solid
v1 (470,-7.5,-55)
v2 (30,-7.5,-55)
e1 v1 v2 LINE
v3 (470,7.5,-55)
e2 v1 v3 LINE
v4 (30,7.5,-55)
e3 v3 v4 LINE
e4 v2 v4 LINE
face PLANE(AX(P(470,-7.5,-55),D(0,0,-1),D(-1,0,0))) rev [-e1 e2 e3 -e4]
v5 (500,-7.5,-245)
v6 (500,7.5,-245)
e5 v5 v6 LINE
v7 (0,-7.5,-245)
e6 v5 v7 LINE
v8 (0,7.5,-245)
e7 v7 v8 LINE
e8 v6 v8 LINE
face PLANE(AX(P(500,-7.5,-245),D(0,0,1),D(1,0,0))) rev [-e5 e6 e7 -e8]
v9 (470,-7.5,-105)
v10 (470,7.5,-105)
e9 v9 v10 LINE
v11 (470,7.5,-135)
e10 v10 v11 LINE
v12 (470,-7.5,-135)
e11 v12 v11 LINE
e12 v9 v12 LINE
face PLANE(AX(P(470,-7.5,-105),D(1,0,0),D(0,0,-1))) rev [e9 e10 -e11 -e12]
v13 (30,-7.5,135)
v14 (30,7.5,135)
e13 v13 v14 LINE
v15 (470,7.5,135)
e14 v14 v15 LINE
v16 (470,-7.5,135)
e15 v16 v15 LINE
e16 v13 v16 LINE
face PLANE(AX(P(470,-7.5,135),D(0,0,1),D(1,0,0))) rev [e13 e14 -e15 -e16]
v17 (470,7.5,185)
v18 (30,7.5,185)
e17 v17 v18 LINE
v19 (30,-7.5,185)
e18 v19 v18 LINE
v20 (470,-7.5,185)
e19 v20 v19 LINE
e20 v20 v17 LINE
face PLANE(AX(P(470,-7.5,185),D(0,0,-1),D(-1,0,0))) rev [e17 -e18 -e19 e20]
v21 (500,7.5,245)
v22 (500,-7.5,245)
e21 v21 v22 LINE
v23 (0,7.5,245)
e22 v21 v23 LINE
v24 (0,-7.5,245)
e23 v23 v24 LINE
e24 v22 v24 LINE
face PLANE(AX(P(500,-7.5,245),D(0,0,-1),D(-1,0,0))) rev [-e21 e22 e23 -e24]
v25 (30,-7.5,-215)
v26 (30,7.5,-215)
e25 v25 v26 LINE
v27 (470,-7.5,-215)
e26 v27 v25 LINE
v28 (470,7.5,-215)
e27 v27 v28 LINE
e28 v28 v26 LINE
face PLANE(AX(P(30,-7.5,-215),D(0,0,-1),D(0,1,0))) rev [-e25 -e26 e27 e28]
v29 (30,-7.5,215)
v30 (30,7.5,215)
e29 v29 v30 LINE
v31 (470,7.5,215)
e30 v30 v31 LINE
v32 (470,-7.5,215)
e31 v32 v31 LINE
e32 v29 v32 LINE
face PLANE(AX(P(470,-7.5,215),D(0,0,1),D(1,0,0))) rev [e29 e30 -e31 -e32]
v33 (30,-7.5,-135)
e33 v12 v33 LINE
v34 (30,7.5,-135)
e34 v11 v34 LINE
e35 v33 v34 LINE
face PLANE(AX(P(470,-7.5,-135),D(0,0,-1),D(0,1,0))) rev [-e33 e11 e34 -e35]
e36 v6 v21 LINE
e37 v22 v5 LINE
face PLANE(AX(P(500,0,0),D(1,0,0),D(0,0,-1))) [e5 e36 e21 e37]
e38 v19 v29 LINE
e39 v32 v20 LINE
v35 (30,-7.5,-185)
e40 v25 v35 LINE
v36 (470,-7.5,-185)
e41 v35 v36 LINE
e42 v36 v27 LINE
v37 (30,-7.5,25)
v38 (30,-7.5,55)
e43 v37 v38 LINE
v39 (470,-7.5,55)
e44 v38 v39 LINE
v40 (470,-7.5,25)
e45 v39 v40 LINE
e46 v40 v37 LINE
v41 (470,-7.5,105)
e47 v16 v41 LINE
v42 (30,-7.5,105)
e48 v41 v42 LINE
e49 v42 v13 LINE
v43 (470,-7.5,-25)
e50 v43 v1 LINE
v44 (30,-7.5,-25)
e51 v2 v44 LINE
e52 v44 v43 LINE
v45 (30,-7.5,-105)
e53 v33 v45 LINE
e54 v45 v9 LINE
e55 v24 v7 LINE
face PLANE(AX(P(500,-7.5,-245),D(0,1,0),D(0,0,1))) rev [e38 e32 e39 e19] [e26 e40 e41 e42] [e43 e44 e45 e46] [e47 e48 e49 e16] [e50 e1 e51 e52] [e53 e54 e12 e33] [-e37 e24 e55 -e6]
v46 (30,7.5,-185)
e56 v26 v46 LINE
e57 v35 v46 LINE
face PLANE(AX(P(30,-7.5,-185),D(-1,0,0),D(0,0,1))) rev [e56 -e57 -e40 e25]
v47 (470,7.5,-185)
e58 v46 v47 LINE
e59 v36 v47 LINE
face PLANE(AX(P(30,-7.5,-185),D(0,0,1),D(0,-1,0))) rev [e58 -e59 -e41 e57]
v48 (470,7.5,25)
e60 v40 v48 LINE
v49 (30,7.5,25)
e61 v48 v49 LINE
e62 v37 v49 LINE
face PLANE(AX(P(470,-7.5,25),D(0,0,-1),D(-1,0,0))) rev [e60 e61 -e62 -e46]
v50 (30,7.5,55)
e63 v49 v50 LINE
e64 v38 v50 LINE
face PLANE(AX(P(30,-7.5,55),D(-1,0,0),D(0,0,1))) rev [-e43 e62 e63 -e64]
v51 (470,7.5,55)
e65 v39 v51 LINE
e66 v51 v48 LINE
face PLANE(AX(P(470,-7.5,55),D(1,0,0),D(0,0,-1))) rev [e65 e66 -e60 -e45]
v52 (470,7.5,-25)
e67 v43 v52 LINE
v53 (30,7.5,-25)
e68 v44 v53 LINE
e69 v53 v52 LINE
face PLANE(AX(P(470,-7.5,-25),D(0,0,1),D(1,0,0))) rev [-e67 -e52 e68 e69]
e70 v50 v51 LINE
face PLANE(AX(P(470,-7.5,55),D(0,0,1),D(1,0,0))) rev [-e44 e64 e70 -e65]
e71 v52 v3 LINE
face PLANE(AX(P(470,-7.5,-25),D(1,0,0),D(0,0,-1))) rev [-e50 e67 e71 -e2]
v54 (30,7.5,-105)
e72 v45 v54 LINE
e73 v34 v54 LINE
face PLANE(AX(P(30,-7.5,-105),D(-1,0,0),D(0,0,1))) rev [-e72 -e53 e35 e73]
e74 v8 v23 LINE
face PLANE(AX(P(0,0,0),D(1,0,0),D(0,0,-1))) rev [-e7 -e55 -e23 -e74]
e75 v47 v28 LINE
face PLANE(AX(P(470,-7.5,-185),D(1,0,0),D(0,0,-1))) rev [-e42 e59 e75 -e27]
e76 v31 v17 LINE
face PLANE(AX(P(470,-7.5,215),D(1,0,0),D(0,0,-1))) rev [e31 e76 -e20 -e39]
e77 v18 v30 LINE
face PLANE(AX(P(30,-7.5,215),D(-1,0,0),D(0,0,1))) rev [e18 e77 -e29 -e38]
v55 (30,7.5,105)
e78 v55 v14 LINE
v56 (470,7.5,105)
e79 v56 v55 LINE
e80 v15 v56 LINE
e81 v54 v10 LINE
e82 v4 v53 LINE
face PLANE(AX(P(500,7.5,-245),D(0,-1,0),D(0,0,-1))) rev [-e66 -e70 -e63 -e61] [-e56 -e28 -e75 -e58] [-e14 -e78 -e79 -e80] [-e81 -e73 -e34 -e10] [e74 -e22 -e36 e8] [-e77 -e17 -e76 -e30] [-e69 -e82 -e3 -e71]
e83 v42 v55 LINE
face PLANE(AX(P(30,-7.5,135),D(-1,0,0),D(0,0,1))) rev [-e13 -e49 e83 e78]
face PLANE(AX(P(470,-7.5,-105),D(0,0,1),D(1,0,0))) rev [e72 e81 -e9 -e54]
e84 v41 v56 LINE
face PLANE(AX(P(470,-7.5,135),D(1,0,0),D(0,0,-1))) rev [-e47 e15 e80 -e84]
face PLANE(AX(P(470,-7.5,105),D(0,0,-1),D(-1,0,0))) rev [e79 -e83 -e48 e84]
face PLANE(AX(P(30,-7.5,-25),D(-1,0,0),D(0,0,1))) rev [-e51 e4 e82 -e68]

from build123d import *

# Parameters (mm, degrees)
CROQUIS3_W              = 490
CROQUIS3_H              = 15
SALIENTE_EXTRUIR1_DEPTH = 500
CROQUIS4_W              = 440
CROQUIS4_H              = 30
CORTAR_EXTRUIR1_DEPTH   = 15


with BuildPart() as part:
    # Croquis3 → Saliente-Extruir1 (new body)
    with BuildSketch(Plane(origin=(0, 0, 0), x_dir=(0, 0, -1), z_dir=(1, 0, 0))):
        Rectangle(CROQUIS3_W, CROQUIS3_H)
    extrude(amount=SALIENTE_EXTRUIR1_DEPTH)

    # Croquis4 → Cortar-Extruir1 (cut)
    with BuildSketch(Plane(origin=(0, 7.5, 0), x_dir=(1, 0, 0), z_dir=(0, 1, 0))):
        with Locations((250, 200)):
            Rectangle(CROQUIS4_W, CROQUIS4_H)
        with Locations((250, 120)):
            Rectangle(CROQUIS4_W, CROQUIS4_H)
        with Locations((250, 40)):
            Rectangle(CROQUIS4_W, CROQUIS4_H)
        with Locations((250, -40)):
            Rectangle(CROQUIS4_W, CROQUIS4_H)
        with Locations((250, -120)):
            Rectangle(CROQUIS4_W, CROQUIS4_H)
        with Locations((250, -200)):
            Rectangle(CROQUIS4_W, CROQUIS4_H)
    extrude(amount=-CORTAR_EXTRUIR1_DEPTH, mode=Mode.SUBTRACT)


solid = part.part
